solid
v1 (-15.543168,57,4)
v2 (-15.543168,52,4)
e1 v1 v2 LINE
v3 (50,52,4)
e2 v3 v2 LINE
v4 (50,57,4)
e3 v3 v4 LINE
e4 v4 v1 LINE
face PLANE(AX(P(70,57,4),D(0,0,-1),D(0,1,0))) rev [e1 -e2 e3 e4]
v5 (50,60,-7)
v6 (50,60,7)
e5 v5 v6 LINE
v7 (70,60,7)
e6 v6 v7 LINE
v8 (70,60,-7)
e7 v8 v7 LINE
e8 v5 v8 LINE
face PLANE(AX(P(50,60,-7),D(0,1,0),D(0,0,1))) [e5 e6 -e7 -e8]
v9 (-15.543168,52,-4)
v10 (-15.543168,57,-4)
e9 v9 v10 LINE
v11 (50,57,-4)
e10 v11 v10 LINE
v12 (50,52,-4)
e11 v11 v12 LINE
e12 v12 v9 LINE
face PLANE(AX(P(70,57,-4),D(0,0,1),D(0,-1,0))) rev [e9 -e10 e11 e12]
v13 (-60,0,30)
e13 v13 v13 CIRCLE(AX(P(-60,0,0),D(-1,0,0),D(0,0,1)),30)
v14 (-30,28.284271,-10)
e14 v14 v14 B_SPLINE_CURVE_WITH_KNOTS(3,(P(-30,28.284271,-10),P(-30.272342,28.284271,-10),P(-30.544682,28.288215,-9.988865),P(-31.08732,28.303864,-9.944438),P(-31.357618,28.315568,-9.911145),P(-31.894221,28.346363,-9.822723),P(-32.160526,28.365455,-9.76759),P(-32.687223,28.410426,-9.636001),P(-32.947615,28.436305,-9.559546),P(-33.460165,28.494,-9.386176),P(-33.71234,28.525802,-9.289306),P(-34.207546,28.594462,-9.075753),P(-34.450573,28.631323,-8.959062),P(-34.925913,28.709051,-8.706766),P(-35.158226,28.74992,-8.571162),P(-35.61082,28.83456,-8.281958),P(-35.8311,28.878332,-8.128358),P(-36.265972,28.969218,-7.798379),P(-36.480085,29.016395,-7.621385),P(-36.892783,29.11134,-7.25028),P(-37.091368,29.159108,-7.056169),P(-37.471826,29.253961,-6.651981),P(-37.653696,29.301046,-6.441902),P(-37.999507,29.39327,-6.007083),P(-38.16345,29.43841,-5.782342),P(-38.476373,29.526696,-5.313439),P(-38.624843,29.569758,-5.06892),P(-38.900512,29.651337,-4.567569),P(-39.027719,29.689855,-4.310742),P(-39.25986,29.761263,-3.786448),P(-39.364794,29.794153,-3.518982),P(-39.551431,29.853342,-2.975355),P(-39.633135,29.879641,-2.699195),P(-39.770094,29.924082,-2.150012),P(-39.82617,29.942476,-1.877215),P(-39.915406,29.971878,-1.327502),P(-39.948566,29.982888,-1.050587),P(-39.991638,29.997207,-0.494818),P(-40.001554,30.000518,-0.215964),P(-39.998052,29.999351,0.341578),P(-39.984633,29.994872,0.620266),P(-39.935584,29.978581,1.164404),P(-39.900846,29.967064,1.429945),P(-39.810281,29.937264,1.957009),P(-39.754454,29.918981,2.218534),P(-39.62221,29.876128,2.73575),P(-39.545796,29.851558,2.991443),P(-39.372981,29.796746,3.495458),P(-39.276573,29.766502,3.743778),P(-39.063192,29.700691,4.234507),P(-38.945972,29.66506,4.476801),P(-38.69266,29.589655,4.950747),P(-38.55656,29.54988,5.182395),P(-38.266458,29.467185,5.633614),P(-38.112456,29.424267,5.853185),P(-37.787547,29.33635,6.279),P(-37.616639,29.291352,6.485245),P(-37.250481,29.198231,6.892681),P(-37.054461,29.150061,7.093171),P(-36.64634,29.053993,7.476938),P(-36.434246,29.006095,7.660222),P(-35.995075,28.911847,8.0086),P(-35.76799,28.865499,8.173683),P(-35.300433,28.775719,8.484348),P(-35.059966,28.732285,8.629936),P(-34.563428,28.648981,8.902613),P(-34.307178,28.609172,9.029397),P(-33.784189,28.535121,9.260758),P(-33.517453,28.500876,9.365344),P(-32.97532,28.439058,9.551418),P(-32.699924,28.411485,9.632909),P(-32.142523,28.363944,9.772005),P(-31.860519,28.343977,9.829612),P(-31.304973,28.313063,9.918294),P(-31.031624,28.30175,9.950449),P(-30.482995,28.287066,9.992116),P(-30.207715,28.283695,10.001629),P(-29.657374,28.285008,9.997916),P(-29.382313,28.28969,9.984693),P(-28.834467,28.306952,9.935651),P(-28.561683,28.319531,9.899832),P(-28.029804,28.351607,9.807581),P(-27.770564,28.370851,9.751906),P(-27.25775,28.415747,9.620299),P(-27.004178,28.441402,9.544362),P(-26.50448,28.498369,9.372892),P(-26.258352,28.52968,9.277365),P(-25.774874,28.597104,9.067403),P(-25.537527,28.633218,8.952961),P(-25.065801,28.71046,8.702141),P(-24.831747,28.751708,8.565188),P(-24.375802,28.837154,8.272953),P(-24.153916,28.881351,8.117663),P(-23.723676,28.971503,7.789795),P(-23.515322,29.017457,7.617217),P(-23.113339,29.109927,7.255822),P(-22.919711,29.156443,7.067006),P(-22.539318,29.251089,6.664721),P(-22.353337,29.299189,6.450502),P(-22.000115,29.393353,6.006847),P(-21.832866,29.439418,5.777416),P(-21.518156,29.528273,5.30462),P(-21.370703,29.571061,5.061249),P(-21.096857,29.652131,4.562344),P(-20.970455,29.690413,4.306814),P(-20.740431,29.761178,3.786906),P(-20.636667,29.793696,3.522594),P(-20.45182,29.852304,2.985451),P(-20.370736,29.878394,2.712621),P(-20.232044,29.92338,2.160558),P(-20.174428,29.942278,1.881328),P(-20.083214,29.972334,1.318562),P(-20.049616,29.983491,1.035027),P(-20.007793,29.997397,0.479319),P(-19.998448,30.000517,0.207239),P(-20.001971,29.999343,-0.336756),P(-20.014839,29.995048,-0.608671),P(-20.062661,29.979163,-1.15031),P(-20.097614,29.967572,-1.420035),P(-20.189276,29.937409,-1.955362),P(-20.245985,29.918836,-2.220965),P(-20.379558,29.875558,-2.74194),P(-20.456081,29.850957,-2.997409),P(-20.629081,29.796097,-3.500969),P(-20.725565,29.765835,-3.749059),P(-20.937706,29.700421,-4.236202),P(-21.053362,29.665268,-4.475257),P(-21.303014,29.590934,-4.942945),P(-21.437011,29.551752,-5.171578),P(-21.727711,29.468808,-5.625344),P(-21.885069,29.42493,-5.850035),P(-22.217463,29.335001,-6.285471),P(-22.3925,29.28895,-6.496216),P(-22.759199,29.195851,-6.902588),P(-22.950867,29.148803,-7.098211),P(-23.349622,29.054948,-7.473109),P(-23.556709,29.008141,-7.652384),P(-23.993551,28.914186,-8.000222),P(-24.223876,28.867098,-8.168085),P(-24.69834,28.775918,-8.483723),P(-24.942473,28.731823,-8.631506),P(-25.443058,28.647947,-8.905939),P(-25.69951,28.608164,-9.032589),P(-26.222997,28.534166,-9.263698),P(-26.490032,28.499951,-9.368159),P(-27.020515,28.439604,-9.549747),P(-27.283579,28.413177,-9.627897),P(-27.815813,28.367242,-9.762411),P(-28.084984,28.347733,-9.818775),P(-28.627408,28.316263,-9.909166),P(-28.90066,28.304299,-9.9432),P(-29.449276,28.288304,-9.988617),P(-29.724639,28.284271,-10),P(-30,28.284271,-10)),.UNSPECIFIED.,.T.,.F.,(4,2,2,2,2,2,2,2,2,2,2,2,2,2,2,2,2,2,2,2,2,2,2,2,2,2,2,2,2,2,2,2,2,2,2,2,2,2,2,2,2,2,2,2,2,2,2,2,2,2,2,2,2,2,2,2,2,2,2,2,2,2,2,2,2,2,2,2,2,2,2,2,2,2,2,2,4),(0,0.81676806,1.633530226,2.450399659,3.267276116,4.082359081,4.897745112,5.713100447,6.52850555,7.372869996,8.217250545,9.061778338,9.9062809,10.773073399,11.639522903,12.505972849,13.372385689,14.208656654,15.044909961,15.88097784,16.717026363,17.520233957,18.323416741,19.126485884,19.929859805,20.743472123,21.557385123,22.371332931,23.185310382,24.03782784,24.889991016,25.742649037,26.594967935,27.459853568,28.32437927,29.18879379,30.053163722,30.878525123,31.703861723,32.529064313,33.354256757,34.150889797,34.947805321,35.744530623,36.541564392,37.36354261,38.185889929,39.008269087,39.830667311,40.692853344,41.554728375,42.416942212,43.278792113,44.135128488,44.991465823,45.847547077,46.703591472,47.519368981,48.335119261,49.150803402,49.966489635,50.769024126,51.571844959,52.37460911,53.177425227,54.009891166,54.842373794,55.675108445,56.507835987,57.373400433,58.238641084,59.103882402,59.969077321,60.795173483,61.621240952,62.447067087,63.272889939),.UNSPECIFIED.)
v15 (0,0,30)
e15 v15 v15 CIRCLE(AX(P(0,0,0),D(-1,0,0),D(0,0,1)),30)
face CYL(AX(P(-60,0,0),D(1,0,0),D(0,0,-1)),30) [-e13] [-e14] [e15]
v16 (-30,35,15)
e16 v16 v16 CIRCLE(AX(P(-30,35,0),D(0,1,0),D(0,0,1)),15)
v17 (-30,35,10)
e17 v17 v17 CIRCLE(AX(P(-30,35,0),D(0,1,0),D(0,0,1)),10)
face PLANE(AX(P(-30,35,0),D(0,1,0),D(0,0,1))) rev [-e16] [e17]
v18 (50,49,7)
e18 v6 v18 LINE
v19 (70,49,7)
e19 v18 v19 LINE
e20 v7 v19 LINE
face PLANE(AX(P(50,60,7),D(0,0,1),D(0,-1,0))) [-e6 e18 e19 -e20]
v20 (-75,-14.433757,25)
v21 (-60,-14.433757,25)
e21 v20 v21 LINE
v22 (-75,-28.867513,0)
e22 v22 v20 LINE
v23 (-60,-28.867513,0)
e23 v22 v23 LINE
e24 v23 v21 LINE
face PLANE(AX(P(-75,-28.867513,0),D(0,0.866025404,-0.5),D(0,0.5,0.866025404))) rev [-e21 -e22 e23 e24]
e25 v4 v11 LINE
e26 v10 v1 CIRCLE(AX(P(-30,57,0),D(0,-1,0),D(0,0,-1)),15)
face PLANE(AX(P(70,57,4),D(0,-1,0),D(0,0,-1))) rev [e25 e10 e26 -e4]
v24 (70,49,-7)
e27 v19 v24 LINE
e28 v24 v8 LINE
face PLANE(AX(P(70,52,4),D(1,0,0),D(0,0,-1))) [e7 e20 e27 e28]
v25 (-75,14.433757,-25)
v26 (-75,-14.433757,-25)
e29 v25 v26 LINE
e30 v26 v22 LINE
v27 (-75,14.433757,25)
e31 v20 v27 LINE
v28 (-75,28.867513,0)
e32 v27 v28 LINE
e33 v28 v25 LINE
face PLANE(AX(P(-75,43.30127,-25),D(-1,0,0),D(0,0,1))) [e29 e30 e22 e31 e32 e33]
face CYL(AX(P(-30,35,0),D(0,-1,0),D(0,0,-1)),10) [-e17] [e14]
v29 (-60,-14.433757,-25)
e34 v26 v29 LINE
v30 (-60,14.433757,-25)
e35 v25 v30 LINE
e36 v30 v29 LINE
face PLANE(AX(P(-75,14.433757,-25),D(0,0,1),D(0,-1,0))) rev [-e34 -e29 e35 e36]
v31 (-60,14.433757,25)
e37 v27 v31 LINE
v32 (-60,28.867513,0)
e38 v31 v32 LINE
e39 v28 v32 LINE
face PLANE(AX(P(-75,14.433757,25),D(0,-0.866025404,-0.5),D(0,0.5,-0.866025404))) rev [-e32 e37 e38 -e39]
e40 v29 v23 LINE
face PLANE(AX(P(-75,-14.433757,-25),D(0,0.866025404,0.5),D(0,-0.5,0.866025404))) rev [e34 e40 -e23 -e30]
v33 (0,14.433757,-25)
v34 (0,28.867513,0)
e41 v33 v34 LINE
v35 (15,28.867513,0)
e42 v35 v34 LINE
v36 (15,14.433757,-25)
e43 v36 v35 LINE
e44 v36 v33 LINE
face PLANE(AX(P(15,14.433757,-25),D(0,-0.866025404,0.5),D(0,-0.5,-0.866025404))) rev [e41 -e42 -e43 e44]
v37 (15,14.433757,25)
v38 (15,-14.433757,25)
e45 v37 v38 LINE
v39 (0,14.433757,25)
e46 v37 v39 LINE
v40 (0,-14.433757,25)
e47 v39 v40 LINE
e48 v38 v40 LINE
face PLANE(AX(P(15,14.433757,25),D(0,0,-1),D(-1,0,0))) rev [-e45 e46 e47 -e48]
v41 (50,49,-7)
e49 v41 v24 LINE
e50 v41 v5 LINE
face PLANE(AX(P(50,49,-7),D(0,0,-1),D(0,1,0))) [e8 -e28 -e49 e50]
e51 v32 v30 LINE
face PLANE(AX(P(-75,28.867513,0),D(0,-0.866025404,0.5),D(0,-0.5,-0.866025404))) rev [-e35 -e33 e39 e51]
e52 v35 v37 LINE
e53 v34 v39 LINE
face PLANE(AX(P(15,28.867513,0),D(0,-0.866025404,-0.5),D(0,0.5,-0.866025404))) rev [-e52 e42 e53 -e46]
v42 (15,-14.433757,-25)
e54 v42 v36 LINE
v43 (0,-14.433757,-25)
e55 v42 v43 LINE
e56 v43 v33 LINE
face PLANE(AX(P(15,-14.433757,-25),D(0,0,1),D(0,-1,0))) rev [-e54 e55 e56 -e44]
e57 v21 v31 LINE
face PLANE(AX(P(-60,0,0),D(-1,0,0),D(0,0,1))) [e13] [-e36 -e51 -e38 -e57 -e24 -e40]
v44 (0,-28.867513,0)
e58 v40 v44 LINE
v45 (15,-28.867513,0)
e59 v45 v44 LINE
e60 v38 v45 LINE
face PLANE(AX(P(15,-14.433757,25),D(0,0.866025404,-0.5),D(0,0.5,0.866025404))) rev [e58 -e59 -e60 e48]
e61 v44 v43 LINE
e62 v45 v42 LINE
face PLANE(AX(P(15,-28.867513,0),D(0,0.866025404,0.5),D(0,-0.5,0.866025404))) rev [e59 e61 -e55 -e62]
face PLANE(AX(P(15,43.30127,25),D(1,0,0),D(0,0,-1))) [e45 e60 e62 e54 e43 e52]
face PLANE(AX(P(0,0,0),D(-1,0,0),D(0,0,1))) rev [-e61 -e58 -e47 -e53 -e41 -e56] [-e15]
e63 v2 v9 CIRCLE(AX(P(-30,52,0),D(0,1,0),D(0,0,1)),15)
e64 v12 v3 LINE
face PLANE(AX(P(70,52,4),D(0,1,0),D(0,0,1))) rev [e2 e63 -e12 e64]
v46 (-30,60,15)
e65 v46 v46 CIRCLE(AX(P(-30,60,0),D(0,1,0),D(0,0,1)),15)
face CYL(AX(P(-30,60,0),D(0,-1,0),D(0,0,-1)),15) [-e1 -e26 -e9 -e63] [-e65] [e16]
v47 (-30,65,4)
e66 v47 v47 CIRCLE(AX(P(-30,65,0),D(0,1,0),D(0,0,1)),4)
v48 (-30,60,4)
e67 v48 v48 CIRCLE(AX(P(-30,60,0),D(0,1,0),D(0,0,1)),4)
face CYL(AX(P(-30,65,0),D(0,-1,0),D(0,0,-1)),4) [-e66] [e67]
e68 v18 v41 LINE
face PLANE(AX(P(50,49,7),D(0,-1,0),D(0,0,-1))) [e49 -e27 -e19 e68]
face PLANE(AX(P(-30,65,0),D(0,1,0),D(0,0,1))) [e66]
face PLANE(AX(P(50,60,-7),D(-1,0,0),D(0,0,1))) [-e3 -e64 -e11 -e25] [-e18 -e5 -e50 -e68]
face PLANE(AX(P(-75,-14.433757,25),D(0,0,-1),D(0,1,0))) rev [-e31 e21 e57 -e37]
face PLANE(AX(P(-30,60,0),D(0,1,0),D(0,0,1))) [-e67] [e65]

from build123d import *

# Parameters (mm, degrees)
EXTRUDE_334_DEPTH = 15
SKETCH_2_R        = 30
EXTRUDE_1_DEPTH   = 60
EXTRUDE_2_DEPTH   = 15
SKETCH_4_R        = 10
EXTRUDE_3_DEPTH   = 35
SKETCH_5_R        = 15
EXTRUDE_4_DEPTH   = 25
SKETCH_6_R        = 4
EXTRUDE_5_DEPTH   = 5
EXTRUDE_6_DEPTH   = 100
SKETCH_8_W        = 14
SKETCH_8_H        = 11
EXTRUDE_7_DEPTH   = 20


with BuildPart() as part:
    # Эскиз1 → Extrude 334 (new body)
    with BuildSketch(Plane(origin=(0, 0, 0), x_dir=(0, 0, -1), z_dir=(1, 0, 0))):
        Polygon((0, 28.867513459), (-25, 14.43375673), (-25, -14.43375673), (0, -28.867513459), (25, -14.43375673), (25, 14.43375673), align=None)
    extrude(amount=EXTRUDE_334_DEPTH)

    # Эскиз2 → Бобышка-Вытянуть1 (add)
    with BuildSketch(Plane.ZY):
        Circle(SKETCH_2_R)
    extrude(amount=EXTRUDE_1_DEPTH)

    # Эскиз3 → Бобышка-Вытянуть2 (add)
    with BuildSketch(Plane.ZY.offset(60)):
        Polygon((0, 28.867513459), (-25, 14.43375673), (-25, -14.43375673), (0, -28.867513459), (25, -14.43375673), (25, 14.43375673), align=None)
    extrude(amount=EXTRUDE_2_DEPTH)

    # Эскиз4 → Бобышка-Вытянуть3 (add)
    with BuildSketch(Plane(origin=(0, 0, 0), x_dir=(1, 0, 0), z_dir=(0, 1, 0))):
        with Locations((-30, 0)):
            Circle(SKETCH_4_R)
    extrude(amount=EXTRUDE_3_DEPTH)

    # Эскиз5 → Бобышка-Вытянуть4 (add)
    with BuildSketch(Plane(origin=(0, 35, 0), x_dir=(-1, 0, 0), z_dir=(0, 1, 0))):
        with Locations((30, 0)):
            Circle(SKETCH_5_R)
    extrude(amount=EXTRUDE_4_DEPTH)

    # Эскиз6 → Бобышка-Вытянуть5 (add)
    with BuildSketch(Plane(origin=(0, 60, 0), x_dir=(-1, 0, 0), z_dir=(0, 1, 0))):
        with Locations((30, 0)):
            Circle(SKETCH_6_R)
    extrude(amount=EXTRUDE_5_DEPTH)

    # Эскиз7 → Бобышка-Вытянуть6 (add)
    with BuildSketch(Plane(origin=(-30, 0, 0), x_dir=(0, 0, -1), z_dir=(1, 0, 0))):
        Polygon((-4, 57), (0, 57), (4, 57), (4, 52), (-4, 52), align=None)
    extrude(amount=EXTRUDE_6_DEPTH)

    # Эскиз8 → Бобышка-Вытянуть7 (add)
    with BuildSketch(Plane(origin=(70, 0, 0), x_dir=(0, 0, -1), z_dir=(1, 0, 0))):
        with Locations((0, 54.5)):
            Rectangle(SKETCH_8_W, SKETCH_8_H)
    extrude(amount=-EXTRUDE_7_DEPTH)


solid = part.part
